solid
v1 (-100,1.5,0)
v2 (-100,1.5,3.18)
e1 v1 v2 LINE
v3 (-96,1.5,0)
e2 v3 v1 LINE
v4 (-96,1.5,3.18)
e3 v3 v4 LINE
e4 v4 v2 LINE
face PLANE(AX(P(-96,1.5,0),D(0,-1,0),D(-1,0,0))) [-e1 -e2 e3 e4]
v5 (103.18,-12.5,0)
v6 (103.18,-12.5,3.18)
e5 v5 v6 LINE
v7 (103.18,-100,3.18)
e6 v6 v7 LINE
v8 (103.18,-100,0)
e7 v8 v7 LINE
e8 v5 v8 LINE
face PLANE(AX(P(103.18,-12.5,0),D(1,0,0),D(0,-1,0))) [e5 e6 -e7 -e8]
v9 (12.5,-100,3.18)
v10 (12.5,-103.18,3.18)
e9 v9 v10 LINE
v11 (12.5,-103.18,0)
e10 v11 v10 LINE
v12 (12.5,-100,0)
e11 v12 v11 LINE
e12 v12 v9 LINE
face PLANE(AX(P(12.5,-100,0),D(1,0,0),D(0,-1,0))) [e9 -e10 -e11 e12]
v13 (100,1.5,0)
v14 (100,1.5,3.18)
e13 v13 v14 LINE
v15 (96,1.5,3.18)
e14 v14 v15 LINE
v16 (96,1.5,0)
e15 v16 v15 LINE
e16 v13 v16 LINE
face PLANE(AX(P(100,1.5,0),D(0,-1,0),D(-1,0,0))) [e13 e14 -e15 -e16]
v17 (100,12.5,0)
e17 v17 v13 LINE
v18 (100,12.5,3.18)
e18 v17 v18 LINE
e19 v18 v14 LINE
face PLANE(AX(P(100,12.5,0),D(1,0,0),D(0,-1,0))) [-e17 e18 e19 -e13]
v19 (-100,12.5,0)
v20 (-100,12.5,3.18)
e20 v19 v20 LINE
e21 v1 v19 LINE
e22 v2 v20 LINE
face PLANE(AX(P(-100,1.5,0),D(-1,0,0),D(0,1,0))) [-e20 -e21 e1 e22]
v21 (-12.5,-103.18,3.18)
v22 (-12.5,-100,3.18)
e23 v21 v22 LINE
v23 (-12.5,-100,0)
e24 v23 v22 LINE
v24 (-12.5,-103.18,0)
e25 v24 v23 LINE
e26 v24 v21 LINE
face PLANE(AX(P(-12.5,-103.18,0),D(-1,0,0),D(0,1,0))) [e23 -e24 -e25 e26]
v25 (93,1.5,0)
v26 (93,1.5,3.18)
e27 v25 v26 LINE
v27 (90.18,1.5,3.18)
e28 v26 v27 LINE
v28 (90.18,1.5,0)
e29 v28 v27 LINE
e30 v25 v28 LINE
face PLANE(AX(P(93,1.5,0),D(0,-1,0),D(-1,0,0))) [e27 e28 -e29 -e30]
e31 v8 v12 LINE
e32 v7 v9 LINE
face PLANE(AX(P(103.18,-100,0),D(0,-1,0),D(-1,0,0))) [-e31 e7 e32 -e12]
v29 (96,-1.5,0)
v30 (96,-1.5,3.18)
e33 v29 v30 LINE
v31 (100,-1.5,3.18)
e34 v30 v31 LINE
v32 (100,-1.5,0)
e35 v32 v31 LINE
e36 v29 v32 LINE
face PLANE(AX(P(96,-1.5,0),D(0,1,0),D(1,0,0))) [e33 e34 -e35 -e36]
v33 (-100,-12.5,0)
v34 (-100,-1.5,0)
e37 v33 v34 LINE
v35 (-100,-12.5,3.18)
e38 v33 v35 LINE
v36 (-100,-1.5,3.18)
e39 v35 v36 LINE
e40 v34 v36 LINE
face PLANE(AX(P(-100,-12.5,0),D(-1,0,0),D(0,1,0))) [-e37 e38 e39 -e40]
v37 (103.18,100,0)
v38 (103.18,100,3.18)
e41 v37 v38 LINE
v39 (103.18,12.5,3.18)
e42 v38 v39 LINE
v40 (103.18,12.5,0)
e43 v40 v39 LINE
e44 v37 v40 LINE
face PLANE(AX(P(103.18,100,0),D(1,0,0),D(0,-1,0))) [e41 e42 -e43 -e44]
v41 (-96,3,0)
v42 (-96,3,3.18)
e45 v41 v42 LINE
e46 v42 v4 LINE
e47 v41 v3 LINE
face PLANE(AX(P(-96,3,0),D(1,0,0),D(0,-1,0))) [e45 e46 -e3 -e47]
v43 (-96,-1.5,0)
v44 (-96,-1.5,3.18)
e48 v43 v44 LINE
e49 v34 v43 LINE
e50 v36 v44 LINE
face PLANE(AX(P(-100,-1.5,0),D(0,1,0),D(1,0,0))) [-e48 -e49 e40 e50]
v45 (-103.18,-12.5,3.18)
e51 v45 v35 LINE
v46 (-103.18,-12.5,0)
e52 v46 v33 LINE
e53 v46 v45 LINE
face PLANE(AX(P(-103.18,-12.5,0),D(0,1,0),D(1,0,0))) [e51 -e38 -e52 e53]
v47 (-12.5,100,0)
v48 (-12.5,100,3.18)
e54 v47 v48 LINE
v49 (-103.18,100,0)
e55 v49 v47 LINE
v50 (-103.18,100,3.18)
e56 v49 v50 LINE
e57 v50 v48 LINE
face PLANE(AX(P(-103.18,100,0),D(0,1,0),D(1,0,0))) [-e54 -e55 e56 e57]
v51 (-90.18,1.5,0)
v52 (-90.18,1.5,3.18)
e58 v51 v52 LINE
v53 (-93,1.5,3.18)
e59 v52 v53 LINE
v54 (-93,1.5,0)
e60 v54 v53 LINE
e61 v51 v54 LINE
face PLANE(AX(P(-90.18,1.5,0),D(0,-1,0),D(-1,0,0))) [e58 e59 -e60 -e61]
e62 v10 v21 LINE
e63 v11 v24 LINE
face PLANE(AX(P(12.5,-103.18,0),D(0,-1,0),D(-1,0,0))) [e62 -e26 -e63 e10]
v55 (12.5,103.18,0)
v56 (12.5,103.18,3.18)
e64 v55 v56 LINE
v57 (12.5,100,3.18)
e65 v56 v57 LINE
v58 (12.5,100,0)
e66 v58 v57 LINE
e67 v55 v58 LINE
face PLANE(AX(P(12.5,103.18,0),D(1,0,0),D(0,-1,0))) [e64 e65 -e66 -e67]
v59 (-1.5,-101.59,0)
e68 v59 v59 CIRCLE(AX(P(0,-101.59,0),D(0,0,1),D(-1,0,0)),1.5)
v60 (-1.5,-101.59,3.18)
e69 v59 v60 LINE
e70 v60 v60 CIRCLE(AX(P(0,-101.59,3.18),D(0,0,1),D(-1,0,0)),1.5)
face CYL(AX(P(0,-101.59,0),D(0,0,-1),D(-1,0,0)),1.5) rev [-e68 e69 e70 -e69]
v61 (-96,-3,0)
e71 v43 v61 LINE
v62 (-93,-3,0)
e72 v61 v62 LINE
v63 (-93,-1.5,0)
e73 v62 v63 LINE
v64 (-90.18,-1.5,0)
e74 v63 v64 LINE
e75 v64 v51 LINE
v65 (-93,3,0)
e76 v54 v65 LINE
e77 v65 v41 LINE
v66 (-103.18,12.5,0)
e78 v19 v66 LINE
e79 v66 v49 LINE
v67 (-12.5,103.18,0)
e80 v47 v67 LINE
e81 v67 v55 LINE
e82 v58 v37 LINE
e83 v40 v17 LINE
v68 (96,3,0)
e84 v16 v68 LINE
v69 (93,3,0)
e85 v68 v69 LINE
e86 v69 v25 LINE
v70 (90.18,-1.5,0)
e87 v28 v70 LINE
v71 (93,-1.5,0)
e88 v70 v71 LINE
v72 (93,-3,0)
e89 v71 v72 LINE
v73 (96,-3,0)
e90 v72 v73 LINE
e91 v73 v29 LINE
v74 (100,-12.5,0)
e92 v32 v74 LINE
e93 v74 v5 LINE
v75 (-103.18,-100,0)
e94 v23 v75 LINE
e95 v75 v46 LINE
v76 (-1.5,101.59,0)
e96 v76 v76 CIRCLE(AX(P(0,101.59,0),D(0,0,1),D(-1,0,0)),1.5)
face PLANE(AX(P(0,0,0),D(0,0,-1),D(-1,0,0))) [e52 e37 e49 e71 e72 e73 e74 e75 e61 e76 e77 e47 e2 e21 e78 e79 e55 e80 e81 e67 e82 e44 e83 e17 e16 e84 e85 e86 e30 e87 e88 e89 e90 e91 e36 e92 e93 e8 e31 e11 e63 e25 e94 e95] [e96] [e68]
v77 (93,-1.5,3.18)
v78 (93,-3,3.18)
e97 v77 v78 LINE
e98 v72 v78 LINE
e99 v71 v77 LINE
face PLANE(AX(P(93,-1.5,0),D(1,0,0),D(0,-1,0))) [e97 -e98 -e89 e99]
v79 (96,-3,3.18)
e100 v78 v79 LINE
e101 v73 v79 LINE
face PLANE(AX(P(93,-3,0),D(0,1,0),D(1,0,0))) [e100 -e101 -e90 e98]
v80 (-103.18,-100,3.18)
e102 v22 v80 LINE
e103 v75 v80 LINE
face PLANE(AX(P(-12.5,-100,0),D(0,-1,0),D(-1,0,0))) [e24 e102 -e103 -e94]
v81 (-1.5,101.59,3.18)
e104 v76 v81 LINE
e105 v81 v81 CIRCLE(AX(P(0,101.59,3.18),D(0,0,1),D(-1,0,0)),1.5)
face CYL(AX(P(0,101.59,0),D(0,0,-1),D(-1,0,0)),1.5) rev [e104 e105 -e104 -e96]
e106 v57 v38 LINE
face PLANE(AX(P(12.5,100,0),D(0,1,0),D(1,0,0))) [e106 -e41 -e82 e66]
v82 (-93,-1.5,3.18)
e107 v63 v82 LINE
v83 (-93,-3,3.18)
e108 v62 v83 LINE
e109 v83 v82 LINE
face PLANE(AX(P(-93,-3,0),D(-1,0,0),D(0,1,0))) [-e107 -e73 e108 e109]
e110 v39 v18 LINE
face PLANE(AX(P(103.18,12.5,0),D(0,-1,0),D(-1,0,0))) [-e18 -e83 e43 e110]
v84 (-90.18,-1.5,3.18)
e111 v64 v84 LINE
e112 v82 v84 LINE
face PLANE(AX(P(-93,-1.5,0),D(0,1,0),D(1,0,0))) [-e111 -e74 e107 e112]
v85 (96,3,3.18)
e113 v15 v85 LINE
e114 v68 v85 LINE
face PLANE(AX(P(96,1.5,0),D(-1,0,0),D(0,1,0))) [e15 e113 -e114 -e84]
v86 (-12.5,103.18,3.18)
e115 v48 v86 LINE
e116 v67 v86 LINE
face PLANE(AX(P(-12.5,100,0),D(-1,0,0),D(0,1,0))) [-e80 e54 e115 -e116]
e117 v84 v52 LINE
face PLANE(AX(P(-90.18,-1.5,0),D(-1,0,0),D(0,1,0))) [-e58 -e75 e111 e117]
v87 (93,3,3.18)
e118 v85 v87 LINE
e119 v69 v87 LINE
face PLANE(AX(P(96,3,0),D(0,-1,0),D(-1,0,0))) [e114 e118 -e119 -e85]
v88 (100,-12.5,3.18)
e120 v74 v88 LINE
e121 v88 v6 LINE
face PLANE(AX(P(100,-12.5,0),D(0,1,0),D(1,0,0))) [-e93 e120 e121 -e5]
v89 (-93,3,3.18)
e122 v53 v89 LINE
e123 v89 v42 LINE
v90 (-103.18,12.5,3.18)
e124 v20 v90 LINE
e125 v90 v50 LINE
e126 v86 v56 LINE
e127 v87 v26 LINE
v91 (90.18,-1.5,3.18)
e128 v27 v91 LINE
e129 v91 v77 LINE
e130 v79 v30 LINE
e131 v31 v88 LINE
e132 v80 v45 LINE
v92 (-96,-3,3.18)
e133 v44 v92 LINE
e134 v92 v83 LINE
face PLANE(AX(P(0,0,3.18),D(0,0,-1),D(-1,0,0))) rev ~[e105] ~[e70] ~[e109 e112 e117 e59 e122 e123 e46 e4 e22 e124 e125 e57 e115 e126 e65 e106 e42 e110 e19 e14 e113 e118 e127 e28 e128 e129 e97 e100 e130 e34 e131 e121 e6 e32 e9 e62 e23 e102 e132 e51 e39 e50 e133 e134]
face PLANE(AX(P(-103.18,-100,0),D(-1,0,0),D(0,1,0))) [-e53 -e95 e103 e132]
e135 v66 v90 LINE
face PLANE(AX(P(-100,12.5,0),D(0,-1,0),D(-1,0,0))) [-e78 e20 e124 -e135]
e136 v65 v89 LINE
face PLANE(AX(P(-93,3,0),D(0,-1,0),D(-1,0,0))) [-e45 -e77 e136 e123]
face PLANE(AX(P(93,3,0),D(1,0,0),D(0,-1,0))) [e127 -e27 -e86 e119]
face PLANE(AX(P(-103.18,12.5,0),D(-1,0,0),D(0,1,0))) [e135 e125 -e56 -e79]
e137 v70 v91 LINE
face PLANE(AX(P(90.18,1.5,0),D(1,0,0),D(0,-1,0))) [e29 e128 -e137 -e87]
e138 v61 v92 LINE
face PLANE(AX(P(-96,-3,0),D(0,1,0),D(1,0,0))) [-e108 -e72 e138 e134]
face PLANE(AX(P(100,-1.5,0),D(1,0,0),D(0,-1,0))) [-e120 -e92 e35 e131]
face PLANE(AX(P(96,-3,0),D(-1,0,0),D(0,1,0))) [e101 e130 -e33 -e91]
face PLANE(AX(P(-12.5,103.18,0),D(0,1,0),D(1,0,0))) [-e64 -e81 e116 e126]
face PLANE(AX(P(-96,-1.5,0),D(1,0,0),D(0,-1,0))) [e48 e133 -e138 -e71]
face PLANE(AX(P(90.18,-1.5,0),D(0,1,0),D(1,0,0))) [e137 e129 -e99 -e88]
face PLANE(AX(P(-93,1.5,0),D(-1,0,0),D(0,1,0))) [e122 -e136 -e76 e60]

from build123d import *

# Parameters (mm, degrees)
SKETCH1_R           = 1.5
BOSS_EXTRUDE1_DEPTH = 3.18


with BuildPart() as part:
    # Sketch1 → Boss-Extrude1 (new body)
    with BuildSketch(Plane.XY):
        Polygon((-103.18, 100), (-12.5, 100), (-12.5, 103.18), (12.5, 103.18), (12.5, 100), (103.18, 100), (103.18, 12.5), (100, 12.5), (100, 1.5), (96, 1.5), (96, 3), (93, 3), (93, 1.5), (90.18, 1.5), (90.18, -1.5), (93, -1.5), (93, -3), (96, -3), (96, -1.5), (100, -1.5), (100, -12.5), (103.18, -12.5), (103.18, -100), (12.5, -100), (12.5, -103.18), (-12.5, -103.18), (-12.5, -100), (-103.18, -100), (-103.18, -12.5), (-100, -12.5), (-100, -1.5), (-96, -1.5), (-96, -3), (-93, -3), (-93, -1.5), (-90.18, -1.5), (-90.18, 1.5), (-93, 1.5), (-93, 3), (-96, 3), (-96, 1.5), (-100, 1.5), (-100, 12.5), (-103.18, 12.5), align=None)
        with Locations(Location((0, -101.59, 0), (0, 0, 180))):
            Circle(SKETCH1_R, mode=Mode.SUBTRACT)
        with Locations(Location((0, 101.59, 0), (0, 0, 180))):
            Circle(SKETCH1_R, mode=Mode.SUBTRACT)
    extrude(amount=BOSS_EXTRUDE1_DEPTH)


solid = part.part
